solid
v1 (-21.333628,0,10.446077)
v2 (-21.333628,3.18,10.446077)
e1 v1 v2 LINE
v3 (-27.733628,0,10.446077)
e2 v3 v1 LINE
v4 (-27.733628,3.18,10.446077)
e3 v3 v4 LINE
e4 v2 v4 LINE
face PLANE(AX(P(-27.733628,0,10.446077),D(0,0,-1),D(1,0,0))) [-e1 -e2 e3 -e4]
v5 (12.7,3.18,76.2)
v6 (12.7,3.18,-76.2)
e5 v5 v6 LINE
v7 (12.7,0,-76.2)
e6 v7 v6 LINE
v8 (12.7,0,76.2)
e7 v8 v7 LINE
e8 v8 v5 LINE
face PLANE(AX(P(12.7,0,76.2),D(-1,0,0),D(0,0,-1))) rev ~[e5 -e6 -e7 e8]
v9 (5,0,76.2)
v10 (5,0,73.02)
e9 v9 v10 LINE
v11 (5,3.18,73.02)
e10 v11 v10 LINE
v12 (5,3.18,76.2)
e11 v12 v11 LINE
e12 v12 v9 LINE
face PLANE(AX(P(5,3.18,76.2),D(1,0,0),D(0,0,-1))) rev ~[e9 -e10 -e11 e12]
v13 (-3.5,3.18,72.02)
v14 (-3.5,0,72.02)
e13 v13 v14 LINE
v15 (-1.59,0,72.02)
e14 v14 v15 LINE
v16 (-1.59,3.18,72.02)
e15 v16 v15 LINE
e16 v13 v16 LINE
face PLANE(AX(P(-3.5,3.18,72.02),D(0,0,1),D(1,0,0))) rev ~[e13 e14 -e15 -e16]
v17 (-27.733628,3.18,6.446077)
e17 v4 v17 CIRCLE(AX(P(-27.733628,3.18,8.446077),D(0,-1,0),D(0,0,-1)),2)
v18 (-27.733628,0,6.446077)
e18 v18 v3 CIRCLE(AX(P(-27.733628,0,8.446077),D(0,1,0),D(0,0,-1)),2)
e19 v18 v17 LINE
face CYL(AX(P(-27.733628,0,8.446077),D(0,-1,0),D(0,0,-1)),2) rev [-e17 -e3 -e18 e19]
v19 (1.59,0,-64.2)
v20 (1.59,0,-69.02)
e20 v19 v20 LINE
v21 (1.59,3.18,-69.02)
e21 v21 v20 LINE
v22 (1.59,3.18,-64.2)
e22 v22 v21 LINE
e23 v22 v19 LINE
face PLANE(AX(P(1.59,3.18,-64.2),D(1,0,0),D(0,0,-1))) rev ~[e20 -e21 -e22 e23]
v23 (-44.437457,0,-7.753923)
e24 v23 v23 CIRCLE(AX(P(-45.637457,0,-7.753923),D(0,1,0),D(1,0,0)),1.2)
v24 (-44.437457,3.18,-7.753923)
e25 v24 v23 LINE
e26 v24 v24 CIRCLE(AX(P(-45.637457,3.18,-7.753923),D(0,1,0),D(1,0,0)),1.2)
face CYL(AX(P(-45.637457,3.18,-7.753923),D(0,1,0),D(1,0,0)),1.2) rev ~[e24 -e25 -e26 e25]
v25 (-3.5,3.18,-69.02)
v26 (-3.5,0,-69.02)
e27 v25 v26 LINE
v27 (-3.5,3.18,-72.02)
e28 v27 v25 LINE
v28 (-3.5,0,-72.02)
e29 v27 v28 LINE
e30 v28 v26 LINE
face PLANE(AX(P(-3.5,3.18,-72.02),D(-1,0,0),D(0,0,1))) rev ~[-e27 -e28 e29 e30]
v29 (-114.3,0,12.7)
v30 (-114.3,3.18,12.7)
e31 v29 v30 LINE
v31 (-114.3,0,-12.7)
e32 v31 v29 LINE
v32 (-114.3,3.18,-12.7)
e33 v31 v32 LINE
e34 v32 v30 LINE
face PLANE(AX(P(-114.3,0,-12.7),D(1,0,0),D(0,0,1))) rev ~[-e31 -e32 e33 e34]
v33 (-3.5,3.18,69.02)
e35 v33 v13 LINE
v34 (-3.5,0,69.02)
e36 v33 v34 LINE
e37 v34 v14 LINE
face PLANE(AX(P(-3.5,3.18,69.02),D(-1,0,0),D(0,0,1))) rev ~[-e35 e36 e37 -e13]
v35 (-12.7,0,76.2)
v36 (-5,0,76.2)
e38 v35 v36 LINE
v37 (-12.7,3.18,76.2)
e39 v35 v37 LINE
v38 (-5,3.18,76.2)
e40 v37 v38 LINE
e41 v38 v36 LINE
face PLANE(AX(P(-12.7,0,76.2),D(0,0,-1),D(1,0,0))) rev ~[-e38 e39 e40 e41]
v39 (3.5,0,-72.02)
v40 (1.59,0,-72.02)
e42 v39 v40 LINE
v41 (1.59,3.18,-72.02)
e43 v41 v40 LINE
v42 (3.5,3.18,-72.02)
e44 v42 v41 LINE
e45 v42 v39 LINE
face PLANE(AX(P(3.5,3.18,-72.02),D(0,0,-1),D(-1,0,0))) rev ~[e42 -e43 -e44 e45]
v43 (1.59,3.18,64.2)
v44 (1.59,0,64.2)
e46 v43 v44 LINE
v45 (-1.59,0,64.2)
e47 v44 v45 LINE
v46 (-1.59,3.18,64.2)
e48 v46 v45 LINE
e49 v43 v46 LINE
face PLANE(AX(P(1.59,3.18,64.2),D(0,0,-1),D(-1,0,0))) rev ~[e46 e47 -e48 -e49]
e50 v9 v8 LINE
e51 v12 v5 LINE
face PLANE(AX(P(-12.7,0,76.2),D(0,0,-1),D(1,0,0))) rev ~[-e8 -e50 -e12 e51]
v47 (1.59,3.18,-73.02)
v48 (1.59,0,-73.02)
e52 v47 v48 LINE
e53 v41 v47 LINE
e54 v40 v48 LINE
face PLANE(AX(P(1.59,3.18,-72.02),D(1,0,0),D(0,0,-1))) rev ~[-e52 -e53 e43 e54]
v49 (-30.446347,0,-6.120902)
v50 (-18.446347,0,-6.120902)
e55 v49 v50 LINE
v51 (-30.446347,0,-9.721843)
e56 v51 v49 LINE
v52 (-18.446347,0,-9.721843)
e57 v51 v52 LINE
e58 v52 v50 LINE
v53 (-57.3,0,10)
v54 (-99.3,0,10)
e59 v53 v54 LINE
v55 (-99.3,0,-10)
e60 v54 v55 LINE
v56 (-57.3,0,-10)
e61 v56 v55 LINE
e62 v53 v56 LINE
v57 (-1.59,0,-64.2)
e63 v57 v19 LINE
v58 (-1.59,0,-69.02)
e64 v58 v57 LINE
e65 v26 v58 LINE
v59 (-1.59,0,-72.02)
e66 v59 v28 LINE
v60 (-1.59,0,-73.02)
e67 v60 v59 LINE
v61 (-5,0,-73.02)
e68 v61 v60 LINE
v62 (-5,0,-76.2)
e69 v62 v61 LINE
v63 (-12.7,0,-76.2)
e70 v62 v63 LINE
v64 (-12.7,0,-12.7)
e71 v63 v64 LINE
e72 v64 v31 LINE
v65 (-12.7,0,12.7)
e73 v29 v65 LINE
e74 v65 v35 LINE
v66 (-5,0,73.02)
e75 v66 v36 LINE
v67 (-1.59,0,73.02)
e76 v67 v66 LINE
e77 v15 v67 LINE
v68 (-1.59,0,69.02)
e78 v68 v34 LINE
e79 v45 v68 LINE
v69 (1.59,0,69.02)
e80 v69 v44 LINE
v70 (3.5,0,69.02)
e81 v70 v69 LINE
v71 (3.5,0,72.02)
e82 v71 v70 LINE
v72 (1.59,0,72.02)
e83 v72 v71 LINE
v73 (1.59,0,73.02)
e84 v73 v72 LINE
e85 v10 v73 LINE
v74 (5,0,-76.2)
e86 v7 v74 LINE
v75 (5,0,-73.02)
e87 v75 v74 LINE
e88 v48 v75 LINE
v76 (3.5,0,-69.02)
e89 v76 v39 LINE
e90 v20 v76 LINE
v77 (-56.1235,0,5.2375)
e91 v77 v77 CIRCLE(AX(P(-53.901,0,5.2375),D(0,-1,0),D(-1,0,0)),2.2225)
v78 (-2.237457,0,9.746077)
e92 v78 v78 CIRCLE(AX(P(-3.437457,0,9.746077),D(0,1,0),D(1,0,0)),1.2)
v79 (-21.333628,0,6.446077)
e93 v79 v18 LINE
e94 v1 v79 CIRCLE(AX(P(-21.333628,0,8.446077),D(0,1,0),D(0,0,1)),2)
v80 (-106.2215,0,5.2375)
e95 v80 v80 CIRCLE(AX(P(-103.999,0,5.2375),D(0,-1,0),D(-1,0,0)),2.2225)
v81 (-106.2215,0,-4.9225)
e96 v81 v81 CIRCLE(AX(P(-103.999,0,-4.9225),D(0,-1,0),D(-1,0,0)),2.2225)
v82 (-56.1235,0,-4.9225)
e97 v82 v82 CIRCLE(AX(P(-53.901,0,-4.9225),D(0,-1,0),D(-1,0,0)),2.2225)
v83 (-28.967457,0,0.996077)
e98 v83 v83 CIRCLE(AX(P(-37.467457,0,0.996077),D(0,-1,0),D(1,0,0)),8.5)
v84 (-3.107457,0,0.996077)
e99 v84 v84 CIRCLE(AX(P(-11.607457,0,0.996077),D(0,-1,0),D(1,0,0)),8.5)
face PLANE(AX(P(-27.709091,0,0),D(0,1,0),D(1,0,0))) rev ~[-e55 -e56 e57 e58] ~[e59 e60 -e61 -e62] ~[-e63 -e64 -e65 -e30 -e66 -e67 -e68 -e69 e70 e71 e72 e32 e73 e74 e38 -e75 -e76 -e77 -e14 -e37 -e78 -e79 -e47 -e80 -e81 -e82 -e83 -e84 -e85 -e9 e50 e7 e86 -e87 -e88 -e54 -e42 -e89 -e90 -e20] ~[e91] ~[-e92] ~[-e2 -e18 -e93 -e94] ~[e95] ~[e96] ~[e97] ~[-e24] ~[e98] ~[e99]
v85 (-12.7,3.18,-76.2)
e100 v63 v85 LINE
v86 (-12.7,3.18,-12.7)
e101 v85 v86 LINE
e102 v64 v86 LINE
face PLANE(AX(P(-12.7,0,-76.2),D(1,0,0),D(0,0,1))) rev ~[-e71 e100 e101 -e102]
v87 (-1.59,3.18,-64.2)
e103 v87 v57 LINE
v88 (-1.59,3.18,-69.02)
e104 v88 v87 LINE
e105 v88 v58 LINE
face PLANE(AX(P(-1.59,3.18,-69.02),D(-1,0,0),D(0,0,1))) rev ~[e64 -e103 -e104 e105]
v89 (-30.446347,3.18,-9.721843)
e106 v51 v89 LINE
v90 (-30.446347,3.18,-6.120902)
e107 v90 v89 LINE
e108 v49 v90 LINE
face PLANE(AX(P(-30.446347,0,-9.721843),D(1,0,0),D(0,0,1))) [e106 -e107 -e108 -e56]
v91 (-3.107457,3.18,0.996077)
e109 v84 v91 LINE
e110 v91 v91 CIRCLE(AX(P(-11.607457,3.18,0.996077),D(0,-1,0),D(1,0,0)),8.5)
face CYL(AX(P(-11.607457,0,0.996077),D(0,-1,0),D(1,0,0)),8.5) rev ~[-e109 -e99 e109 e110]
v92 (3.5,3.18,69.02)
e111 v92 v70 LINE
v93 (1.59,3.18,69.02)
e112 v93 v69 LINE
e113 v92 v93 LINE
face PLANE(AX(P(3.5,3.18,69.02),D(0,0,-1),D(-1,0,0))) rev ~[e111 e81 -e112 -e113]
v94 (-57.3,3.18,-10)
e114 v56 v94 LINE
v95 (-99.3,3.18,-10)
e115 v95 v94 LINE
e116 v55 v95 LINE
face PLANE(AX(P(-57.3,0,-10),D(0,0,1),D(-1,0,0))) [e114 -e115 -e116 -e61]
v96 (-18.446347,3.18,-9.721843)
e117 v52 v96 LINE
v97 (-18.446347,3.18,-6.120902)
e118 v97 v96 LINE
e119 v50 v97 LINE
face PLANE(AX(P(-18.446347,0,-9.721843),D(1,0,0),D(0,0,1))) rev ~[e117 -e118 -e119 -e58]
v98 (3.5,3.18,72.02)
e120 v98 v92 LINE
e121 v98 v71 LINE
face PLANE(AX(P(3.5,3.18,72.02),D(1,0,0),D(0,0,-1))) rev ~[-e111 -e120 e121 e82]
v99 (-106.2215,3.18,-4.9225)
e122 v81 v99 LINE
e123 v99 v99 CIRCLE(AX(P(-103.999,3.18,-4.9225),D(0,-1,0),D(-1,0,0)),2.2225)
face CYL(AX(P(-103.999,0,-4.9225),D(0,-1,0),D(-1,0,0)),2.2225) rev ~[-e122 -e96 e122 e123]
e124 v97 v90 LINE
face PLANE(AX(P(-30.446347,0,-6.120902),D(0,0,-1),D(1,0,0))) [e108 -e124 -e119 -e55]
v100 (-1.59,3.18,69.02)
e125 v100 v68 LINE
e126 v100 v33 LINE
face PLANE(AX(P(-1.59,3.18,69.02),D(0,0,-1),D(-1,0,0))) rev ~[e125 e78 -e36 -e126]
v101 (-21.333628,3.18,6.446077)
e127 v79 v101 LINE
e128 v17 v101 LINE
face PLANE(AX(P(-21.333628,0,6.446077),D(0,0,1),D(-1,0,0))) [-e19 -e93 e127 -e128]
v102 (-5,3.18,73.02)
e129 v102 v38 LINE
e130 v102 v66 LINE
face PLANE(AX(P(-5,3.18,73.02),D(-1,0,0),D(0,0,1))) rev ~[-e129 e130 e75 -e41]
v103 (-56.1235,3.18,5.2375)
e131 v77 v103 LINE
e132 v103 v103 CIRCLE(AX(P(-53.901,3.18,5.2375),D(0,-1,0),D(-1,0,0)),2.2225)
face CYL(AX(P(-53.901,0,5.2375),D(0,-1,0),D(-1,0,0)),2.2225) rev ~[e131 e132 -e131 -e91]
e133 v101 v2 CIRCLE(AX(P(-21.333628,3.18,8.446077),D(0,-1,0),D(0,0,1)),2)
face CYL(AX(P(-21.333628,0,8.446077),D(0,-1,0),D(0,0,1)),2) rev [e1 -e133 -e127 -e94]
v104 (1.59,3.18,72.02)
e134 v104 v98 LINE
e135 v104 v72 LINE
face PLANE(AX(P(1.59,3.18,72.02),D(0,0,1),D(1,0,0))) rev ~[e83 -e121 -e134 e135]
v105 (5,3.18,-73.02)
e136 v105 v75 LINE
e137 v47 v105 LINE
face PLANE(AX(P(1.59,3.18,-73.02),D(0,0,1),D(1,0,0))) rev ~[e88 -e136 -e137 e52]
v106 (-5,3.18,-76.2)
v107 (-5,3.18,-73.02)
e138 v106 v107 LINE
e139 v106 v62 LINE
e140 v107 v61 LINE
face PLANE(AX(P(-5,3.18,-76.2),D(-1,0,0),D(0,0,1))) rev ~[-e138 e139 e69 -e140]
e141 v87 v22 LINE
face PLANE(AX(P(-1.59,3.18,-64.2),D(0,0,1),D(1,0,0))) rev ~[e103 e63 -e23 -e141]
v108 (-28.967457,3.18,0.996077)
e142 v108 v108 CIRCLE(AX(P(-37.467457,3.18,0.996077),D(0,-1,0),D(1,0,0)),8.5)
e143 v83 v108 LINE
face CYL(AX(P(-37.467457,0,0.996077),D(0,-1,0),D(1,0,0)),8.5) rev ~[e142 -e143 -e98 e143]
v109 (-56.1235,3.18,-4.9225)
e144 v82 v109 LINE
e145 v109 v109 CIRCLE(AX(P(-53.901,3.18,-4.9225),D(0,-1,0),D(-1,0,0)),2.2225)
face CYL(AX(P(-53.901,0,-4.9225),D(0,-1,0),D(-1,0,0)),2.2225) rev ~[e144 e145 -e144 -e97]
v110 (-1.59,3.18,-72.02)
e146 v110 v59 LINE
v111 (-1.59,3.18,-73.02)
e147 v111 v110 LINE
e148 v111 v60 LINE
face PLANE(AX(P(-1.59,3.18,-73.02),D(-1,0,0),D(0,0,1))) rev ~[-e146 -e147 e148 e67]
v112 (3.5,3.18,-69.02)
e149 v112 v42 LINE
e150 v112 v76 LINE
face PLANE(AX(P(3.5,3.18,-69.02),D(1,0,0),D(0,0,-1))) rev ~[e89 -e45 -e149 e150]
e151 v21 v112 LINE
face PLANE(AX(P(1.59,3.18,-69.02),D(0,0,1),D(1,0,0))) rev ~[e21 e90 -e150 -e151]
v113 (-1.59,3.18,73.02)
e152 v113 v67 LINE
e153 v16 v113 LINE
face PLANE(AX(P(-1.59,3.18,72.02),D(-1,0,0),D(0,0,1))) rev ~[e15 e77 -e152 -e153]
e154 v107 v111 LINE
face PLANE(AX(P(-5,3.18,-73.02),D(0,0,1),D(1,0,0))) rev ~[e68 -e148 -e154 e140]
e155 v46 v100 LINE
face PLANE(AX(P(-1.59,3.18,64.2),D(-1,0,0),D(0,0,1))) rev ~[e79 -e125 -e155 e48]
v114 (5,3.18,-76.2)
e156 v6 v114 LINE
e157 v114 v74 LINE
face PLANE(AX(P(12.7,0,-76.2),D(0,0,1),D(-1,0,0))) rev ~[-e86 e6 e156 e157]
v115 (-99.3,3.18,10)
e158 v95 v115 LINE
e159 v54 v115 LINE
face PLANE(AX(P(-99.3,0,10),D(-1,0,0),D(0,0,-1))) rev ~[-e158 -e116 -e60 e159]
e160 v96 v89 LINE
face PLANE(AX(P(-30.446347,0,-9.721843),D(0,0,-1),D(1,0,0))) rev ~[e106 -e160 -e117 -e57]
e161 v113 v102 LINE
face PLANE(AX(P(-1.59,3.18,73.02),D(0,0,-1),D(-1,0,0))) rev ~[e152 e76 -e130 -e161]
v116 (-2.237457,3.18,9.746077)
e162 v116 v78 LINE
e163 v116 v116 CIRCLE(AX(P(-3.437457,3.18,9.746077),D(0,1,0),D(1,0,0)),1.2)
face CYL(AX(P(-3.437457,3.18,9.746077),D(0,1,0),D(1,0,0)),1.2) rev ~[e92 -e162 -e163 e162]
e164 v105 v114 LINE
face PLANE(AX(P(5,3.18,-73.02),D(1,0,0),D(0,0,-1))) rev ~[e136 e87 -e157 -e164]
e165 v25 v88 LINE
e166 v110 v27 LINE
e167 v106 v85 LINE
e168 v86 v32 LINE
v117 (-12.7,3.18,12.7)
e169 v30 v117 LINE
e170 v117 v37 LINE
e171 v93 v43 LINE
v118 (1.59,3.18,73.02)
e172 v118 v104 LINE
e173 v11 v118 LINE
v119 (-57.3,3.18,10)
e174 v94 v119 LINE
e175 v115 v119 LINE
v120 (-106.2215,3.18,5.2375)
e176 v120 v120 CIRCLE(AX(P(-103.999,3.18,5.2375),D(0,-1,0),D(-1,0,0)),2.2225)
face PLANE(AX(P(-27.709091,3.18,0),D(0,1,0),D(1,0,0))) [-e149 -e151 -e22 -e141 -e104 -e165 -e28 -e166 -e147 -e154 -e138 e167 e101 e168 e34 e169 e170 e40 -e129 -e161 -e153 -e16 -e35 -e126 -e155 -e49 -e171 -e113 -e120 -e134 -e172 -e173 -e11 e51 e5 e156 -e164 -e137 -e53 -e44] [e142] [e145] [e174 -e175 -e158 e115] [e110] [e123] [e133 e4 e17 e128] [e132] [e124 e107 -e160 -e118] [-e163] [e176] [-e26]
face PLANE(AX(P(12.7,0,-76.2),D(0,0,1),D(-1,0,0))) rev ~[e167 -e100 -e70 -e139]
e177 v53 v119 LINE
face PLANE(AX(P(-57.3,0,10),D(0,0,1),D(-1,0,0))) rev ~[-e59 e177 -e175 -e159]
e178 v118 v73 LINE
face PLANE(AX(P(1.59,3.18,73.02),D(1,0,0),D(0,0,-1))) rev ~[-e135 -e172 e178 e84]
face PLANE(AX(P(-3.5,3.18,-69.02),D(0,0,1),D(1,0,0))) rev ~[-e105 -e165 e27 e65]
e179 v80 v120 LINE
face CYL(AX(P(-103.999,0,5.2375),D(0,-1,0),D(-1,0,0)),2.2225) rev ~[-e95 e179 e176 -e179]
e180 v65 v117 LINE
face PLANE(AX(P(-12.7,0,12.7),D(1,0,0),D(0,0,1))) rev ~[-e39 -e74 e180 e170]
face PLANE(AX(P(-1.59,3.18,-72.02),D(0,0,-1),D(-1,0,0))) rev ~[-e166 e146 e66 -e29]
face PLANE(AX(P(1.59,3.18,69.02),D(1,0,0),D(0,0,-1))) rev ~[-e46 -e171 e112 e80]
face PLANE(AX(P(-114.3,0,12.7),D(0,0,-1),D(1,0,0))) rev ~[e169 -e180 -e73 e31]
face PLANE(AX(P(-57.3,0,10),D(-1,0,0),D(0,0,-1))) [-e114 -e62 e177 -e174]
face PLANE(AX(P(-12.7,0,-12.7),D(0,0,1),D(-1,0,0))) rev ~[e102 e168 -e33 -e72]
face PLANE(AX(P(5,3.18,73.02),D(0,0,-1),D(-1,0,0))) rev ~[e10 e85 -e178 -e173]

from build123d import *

# Parameters (mm, degrees)
BOSS_EXTRUDE1_DEPTH = 3.18
CUT_EXTRUDE1_DEPTH  = 3.18
SKETCH3_W           = 42
SKETCH3_H           = 20
CUT_EXTRUDE2_DEPTH  = 10
SKETCH4_R           = 2.2225
CUT_EXTRUDE3_DEPTH  = 10
SKETCH5_R           = 8.5
SKETCH5_W           = 12
SKETCH5_H           = 3.600941215
CUT_EXTRUDE4_DEPTH  = 10
SKETCH6_R           = 1.2
CUT_EXTRUDE5_DEPTH  = 10


with BuildPart() as part:
    # Sketch1 → Boss-Extrude1 (new body)
    with BuildSketch(Plane(origin=(0, 0, 0), x_dir=(1, 0, 0), z_dir=(0, 1, 0))):
        Polygon((12.7, 76.2), (-12.7, 76.2), (-12.7, 12.7), (-114.3, 12.7), (-114.3, -12.7), (-12.7, -12.7), (-12.7, -76.2), (12.7, -76.2), align=None)
    extrude(amount=BOSS_EXTRUDE1_DEPTH)

    # Sketch2 → Cut-Extrude1 (cut)
    with BuildSketch(Plane(origin=(0, 3.18, 0), x_dir=(1, 0, 0), z_dir=(0, 1, 0))):
        Polygon((-1.59, 73.02), (-1.59, 72.02), (-3.5, 72.02), (-3.5, 69.02), (-1.59, 69.02), (-1.59, 64.2), (1.59, 64.2), (1.59, 69.02), (3.5, 69.02), (3.5, 72.02), (1.59, 72.02), (1.59, 73.02), (5, 73.02), (5, 76.2), (-5, 76.2), (-5, 73.02), align=None)
        Polygon((1.59, -72.02), (3.5, -72.02), (3.5, -69.02), (1.59, -69.02), (1.59, -64.2), (-1.59, -64.2), (-1.59, -69.02), (-3.5, -69.02), (-3.5, -72.02), (-1.59, -72.02), (-1.59, -73.02), (-5, -73.02), (-5, -76.2), (5, -76.2), (5, -73.02), (1.59, -73.02), align=None)
    extrude(amount=-CUT_EXTRUDE1_DEPTH, mode=Mode.SUBTRACT)

    # Sketch3 → Cut-Extrude2 (cut)
    with BuildSketch(Plane(origin=(0, 0, 0), x_dir=(-1, 0, 0), z_dir=(0, -1, 0))):
        with Locations((78.3, 0)):
            Rectangle(SKETCH3_W, SKETCH3_H)
    extrude(amount=-CUT_EXTRUDE2_DEPTH, mode=Mode.SUBTRACT)

    # Sketch4 → Cut-Extrude3 (cut)
    with BuildSketch(Plane(origin=(0, 0, 0), x_dir=(-1, 0, 0), z_dir=(0, -1, 0))):
        with Locations((103.999, -5.2375)):
            Circle(SKETCH4_R)
        with Locations((103.999, 4.9225)):
            Circle(SKETCH4_R)
        with Locations((53.901, 4.9225)):
            Circle(SKETCH4_R)
        with Locations((53.901, -5.2375)):
            Circle(SKETCH4_R)
    extrude(amount=-CUT_EXTRUDE3_DEPTH, mode=Mode.SUBTRACT)

    # Sketch5 → Cut-Extrude4 (cut)
    with BuildSketch(Plane.XZ):
        with Locations((-37.467456586, 0.996077317)):
            Circle(SKETCH5_R)
        with Locations((-11.607456586, 0.996077317)):
            Circle(SKETCH5_R)
        with BuildLine():
            Line((-27.73362836, 10.446077317), (-21.33362836, 10.446077317))
            ThreePointArc((-21.33362836, 10.446077317), (-19.33362836, 8.446077317), (-21.33362836, 6.446077317))
            Line((-21.33362836, 6.446077317), (-27.73362836, 6.446077317))
            ThreePointArc((-27.73362836, 6.446077317), (-29.73362836, 8.446077317), (-27.73362836, 10.446077317))
        make_face()
        with Locations((-24.446347452, -7.921372698)):
            Rectangle(SKETCH5_W, SKETCH5_H)
    extrude(amount=-CUT_EXTRUDE4_DEPTH, mode=Mode.SUBTRACT)

    # Sketch6 → Cut-Extrude5 (cut)
    with BuildSketch(Plane(origin=(0, 3.18, 0), x_dir=(1, 0, 0), z_dir=(0, 1, 0))):
        with Locations((-3.437456586, -9.746077317)):
            Circle(SKETCH6_R)
        with Locations((-45.637456586, 7.753922683)):
            Circle(SKETCH6_R)
    extrude(amount=-CUT_EXTRUDE5_DEPTH, mode=Mode.SUBTRACT)


solid = part.part
